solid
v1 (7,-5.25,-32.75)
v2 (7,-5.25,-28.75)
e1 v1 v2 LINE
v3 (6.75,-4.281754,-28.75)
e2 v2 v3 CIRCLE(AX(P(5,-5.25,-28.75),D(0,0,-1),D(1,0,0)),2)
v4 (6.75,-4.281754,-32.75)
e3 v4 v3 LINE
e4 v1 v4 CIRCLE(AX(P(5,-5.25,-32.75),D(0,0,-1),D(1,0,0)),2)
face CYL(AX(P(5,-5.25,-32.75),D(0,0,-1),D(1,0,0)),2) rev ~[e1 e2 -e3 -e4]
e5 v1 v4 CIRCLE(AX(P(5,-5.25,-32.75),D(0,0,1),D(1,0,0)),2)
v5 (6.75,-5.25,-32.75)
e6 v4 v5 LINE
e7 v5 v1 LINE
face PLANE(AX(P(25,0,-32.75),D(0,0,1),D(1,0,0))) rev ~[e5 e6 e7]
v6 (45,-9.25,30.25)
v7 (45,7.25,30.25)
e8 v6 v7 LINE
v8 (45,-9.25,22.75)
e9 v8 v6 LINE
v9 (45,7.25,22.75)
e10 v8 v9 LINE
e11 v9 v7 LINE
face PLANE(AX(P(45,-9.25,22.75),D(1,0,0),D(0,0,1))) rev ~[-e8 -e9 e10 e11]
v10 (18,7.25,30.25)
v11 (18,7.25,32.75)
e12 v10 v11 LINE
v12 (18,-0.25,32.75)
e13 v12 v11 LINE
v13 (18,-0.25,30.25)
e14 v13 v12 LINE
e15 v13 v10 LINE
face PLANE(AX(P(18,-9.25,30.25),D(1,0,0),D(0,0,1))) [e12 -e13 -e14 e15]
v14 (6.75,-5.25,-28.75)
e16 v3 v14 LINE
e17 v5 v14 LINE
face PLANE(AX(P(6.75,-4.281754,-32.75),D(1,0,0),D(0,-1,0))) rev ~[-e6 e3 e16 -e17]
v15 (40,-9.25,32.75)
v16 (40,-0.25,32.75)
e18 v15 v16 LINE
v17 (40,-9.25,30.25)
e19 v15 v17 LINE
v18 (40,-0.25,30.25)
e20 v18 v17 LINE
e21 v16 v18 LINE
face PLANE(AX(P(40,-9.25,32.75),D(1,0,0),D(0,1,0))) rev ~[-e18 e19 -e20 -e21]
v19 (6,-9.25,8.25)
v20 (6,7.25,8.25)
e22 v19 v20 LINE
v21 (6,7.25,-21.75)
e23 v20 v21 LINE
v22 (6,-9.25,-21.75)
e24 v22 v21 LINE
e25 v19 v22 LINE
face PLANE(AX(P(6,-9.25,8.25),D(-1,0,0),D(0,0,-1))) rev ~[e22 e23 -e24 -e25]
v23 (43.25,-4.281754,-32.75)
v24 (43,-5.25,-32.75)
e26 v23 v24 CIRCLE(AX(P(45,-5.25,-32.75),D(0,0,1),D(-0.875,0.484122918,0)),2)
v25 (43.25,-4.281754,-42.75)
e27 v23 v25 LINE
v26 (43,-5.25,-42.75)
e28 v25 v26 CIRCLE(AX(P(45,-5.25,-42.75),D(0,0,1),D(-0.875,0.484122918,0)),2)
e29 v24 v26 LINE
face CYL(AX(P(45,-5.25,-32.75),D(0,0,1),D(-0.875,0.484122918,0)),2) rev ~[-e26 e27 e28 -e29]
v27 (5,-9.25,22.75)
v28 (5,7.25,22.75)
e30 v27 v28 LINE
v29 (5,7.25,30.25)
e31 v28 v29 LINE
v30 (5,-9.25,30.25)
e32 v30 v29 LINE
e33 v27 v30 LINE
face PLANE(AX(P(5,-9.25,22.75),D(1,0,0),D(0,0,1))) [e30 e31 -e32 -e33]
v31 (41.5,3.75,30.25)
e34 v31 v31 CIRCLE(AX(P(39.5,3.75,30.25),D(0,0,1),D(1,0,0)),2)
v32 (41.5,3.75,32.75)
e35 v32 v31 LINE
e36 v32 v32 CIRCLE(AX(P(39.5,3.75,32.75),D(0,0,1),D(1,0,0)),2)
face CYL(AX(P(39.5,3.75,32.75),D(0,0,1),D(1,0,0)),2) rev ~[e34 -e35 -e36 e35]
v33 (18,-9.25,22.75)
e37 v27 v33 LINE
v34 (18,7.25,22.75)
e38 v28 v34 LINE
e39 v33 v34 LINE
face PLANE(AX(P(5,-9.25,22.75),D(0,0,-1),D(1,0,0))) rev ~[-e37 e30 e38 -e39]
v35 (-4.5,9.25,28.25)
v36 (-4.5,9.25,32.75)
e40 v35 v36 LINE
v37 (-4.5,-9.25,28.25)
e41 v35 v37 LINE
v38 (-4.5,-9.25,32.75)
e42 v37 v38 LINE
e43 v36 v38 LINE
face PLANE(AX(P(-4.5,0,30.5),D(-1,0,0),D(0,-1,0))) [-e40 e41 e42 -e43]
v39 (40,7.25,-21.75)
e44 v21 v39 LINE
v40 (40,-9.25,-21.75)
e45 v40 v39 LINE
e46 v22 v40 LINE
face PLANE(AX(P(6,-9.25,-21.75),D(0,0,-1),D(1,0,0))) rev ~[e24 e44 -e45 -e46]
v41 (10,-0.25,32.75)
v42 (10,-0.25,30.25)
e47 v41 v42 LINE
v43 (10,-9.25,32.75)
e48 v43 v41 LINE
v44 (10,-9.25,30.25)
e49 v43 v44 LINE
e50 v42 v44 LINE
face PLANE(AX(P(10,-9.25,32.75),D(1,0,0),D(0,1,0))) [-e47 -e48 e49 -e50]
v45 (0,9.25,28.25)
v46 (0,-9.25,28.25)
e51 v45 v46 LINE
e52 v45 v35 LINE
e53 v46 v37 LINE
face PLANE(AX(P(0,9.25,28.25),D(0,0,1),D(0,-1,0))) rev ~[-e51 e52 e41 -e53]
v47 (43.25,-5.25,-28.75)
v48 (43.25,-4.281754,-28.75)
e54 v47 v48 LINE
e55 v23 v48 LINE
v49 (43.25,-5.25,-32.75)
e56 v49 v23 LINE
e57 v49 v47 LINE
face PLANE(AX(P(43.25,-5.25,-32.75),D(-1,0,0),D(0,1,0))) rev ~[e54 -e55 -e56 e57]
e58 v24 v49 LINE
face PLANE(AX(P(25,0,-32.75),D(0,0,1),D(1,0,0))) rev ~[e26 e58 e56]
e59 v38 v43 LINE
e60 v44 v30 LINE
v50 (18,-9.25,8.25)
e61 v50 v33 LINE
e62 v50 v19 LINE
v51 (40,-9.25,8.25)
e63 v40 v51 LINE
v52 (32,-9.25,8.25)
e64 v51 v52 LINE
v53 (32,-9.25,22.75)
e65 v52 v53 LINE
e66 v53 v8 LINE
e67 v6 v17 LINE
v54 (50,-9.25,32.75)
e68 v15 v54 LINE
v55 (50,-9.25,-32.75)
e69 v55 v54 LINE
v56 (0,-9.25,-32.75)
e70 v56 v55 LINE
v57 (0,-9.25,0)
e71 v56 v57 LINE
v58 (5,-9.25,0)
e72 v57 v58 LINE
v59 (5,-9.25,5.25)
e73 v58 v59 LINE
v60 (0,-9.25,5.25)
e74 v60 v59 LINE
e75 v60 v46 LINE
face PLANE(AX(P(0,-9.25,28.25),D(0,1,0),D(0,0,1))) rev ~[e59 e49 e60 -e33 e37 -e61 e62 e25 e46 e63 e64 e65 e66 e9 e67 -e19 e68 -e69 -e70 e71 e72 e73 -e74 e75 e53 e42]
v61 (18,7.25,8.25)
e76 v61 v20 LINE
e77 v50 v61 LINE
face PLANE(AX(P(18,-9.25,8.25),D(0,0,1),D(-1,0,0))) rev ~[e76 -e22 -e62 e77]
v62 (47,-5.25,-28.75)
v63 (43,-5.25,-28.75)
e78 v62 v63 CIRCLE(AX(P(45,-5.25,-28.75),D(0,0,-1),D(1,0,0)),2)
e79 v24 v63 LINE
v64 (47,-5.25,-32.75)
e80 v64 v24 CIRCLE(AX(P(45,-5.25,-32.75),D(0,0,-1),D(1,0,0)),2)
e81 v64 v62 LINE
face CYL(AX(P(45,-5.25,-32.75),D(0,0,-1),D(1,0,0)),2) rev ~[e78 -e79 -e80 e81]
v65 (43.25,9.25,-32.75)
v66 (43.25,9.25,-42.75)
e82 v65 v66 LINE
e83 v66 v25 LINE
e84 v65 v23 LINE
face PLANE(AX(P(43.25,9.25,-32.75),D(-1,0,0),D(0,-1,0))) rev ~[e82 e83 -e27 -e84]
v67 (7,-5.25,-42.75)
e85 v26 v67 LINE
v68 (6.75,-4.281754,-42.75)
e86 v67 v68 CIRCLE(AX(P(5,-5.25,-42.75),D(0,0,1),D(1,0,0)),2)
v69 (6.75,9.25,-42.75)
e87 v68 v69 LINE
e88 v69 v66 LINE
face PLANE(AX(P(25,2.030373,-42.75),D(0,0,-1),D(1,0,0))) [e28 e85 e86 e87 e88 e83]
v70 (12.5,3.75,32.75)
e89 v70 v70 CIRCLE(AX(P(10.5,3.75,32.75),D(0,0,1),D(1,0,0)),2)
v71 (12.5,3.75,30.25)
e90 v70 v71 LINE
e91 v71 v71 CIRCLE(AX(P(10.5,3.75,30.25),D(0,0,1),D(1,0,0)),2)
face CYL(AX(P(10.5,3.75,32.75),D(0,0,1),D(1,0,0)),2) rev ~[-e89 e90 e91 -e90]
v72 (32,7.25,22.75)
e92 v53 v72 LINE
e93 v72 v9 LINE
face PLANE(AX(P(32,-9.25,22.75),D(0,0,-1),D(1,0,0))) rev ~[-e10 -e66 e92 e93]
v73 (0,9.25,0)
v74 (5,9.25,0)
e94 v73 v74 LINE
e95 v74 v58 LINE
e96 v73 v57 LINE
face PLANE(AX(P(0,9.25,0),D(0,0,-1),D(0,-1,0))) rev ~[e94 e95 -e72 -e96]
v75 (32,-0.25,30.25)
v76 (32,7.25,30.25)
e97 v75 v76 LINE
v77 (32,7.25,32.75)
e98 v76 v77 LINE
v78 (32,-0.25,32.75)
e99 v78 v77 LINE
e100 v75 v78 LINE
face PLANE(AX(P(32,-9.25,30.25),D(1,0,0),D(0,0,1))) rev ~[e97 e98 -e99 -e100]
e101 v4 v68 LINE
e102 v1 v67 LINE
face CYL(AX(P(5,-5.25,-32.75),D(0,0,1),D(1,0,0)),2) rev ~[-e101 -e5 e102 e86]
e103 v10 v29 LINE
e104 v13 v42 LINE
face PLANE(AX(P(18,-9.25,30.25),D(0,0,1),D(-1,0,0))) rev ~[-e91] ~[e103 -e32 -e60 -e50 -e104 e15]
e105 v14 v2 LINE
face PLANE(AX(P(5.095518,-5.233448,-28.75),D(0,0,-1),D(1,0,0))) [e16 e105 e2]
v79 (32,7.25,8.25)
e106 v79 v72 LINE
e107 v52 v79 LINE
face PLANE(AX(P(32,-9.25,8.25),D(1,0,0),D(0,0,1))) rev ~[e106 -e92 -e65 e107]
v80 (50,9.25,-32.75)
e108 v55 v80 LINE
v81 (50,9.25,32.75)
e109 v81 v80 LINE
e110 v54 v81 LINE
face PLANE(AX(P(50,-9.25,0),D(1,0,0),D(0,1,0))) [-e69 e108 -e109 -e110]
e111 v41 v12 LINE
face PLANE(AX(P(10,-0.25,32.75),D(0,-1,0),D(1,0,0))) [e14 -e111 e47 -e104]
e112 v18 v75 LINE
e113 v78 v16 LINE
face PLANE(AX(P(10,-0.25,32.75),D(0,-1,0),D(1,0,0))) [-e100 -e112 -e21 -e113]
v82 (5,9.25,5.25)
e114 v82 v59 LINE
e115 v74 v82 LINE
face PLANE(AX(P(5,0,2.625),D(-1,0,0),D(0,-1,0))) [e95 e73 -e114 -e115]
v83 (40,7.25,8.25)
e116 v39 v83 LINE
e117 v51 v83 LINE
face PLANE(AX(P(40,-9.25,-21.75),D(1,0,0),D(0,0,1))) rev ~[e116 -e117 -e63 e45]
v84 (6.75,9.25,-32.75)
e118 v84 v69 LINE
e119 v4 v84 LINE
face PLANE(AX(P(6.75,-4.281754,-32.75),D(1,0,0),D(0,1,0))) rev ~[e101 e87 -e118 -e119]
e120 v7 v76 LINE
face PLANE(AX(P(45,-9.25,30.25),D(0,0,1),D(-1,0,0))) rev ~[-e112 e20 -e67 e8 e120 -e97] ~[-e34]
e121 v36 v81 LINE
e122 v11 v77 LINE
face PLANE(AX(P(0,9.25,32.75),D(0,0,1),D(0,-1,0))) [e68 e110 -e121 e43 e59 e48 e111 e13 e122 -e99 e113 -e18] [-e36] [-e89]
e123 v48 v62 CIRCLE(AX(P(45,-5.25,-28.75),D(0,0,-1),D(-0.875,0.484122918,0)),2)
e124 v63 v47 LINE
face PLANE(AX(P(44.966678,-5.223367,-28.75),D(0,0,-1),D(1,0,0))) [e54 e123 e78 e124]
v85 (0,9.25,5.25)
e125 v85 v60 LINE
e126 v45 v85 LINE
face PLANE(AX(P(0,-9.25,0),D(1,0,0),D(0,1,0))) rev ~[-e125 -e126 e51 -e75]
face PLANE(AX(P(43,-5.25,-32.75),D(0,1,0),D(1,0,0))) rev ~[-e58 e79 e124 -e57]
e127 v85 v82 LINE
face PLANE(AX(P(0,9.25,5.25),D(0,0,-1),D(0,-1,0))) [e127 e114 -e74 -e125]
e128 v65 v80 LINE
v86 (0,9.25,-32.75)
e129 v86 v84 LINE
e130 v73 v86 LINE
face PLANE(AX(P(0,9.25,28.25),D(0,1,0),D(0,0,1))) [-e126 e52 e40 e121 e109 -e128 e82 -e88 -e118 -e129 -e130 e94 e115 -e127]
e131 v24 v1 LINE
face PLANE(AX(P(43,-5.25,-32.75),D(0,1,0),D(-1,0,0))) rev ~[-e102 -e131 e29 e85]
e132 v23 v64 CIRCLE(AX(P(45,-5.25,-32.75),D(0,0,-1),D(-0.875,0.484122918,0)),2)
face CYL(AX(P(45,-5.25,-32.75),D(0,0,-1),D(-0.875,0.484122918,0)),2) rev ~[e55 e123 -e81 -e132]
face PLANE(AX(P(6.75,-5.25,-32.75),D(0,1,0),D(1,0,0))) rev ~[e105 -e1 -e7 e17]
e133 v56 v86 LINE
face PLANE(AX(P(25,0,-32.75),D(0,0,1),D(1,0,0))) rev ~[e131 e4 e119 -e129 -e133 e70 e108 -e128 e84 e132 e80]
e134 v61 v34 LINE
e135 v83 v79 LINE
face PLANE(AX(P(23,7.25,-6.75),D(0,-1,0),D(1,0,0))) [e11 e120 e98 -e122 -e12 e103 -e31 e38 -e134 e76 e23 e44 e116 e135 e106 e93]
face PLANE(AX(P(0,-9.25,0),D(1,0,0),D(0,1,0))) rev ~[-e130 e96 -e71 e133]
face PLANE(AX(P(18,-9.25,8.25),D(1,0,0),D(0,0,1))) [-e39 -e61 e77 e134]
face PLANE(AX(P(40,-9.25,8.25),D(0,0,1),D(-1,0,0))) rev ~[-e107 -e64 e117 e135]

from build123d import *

# Parameters (mm, degrees)
F0_W      = 50
F0_H      = 18.5
F1_DEPTH  = 32.75
F2_R      = 2
F2_W      = 30
F2_H      = 9
F3_DEPTH  = 4
F5_DEPTH  = 10
F6_DEPTH  = 4
F7_W      = 14
F7_H      = 14.5
F7_W_2    = 13
F7_H_2    = 7.5
F7_H_3    = 2.5
F8_DEPTH  = 16.5
F9_W      = 18.5
F9_H      = 4.5
F10_DEPTH = 4.5
F9_H_2    = 5.25
F11_DEPTH = 5


with BuildPart() as f1:
    # F0 (on Top) → F1 (new body, symmetric)
    with BuildSketch(Plane.XY):
        with Locations((25, 0)):
            Rectangle(F0_W, F0_H)
    extrude(amount=F1_DEPTH, both=True)

    # F2 (on face) → F3 (cut)
    with BuildSketch(Plane.XY.offset(32.75)):
        with Locations((10.5, 3.75)):
            Circle(F2_R)
        with Locations((39.5, 3.75)):
            Circle(F2_R)
        with Locations((25, -4.75)):
            Rectangle(F2_W, F2_H)
    extrude(amount=-F3_DEPTH, mode=Mode.SUBTRACT)

    # F4 (on face) → F5 (join)
    with BuildSketch(Plane(origin=(0, 0, -32.75), x_dir=(1, 0, 0), z_dir=(0, 0, -1))):
        with BuildLine():
            Line((43, 5.25), (7, 5.25))
            ThreePointArc((7, 5.25), (6.9364916731, 4.75), (6.75, 4.2817541634))
            Line((6.75, 4.2817541634), (6.75, -9.25))
            Line((6.75, -9.25), (43.25, -9.25))
            Line((43.25, -9.25), (43.25, 4.2817541634))
            ThreePointArc((43.25, 4.2817541634), (43.0635083269, 4.75), (43, 5.25))
        make_face()
    extrude(amount=F5_DEPTH)

    # F4 (on face) → F6 (cut)
    with BuildSketch(Plane(origin=(0, 0, -32.75), x_dir=(1, 0, 0), z_dir=(0, 0, -1))):
        with BuildLine():
            Line((6.75, 5.25), (7, 5.25))
            ThreePointArc((7, 5.25), (3.0635083269, 5.75), (6.75, 4.2817541634))
            Line((6.75, 4.2817541634), (6.75, 5.25))
        make_face()
        with BuildLine():
            ThreePointArc((47, 5.25), (45, 7.25), (43, 5.25))
            Line((43, 5.25), (43.25, 5.25))
            Line((43.25, 5.25), (43.25, 4.2817541634))
            ThreePointArc((43.25, 4.2817541634), (45.5, 3.3135083269), (47, 5.25))
        make_face()
    extrude(amount=-F6_DEPTH, mode=Mode.SUBTRACT)

    # F7 (on face) → F8 (cut)
    with BuildSketch(Plane.XZ.offset(9.25)):
        Polygon((18, 8.25), (6, 8.25), (6, -21.75), (40, -21.75), (40, 8.25), (32, 8.25), align=None)
        with Locations((25, 15.5)):
            Rectangle(F7_W, F7_H)
        with Locations((11.5, 26.5)):
            Rectangle(F7_W_2, F7_H_2)
        with Locations((25, 26.5)):
            Rectangle(F7_W, F7_H_2)
        with Locations((38.5, 26.5)):
            Rectangle(F7_W_2, F7_H_2)
        with Locations((25, 31.5)):
            Rectangle(F7_W, F7_H_3)
    extrude(amount=-F8_DEPTH, mode=Mode.SUBTRACT)

    # F9 (on face) → F10 (join)
    with BuildSketch(Plane(origin=(0, 0, 0), x_dir=(0, -1, 0), z_dir=(-1, 0, 0))):
        with Locations((0, 30.5)):
            Rectangle(F9_W, F9_H)
    extrude(amount=F10_DEPTH)

    # F9 (on face) → F11 (cut)
    with BuildSketch(Plane(origin=(0, 0, 0), x_dir=(0, -1, 0), z_dir=(-1, 0, 0))):
        with Locations((0, 2.625)):
            Rectangle(F9_W, F9_H_2)
    extrude(amount=-F11_DEPTH, mode=Mode.SUBTRACT)


solid = f1.part
